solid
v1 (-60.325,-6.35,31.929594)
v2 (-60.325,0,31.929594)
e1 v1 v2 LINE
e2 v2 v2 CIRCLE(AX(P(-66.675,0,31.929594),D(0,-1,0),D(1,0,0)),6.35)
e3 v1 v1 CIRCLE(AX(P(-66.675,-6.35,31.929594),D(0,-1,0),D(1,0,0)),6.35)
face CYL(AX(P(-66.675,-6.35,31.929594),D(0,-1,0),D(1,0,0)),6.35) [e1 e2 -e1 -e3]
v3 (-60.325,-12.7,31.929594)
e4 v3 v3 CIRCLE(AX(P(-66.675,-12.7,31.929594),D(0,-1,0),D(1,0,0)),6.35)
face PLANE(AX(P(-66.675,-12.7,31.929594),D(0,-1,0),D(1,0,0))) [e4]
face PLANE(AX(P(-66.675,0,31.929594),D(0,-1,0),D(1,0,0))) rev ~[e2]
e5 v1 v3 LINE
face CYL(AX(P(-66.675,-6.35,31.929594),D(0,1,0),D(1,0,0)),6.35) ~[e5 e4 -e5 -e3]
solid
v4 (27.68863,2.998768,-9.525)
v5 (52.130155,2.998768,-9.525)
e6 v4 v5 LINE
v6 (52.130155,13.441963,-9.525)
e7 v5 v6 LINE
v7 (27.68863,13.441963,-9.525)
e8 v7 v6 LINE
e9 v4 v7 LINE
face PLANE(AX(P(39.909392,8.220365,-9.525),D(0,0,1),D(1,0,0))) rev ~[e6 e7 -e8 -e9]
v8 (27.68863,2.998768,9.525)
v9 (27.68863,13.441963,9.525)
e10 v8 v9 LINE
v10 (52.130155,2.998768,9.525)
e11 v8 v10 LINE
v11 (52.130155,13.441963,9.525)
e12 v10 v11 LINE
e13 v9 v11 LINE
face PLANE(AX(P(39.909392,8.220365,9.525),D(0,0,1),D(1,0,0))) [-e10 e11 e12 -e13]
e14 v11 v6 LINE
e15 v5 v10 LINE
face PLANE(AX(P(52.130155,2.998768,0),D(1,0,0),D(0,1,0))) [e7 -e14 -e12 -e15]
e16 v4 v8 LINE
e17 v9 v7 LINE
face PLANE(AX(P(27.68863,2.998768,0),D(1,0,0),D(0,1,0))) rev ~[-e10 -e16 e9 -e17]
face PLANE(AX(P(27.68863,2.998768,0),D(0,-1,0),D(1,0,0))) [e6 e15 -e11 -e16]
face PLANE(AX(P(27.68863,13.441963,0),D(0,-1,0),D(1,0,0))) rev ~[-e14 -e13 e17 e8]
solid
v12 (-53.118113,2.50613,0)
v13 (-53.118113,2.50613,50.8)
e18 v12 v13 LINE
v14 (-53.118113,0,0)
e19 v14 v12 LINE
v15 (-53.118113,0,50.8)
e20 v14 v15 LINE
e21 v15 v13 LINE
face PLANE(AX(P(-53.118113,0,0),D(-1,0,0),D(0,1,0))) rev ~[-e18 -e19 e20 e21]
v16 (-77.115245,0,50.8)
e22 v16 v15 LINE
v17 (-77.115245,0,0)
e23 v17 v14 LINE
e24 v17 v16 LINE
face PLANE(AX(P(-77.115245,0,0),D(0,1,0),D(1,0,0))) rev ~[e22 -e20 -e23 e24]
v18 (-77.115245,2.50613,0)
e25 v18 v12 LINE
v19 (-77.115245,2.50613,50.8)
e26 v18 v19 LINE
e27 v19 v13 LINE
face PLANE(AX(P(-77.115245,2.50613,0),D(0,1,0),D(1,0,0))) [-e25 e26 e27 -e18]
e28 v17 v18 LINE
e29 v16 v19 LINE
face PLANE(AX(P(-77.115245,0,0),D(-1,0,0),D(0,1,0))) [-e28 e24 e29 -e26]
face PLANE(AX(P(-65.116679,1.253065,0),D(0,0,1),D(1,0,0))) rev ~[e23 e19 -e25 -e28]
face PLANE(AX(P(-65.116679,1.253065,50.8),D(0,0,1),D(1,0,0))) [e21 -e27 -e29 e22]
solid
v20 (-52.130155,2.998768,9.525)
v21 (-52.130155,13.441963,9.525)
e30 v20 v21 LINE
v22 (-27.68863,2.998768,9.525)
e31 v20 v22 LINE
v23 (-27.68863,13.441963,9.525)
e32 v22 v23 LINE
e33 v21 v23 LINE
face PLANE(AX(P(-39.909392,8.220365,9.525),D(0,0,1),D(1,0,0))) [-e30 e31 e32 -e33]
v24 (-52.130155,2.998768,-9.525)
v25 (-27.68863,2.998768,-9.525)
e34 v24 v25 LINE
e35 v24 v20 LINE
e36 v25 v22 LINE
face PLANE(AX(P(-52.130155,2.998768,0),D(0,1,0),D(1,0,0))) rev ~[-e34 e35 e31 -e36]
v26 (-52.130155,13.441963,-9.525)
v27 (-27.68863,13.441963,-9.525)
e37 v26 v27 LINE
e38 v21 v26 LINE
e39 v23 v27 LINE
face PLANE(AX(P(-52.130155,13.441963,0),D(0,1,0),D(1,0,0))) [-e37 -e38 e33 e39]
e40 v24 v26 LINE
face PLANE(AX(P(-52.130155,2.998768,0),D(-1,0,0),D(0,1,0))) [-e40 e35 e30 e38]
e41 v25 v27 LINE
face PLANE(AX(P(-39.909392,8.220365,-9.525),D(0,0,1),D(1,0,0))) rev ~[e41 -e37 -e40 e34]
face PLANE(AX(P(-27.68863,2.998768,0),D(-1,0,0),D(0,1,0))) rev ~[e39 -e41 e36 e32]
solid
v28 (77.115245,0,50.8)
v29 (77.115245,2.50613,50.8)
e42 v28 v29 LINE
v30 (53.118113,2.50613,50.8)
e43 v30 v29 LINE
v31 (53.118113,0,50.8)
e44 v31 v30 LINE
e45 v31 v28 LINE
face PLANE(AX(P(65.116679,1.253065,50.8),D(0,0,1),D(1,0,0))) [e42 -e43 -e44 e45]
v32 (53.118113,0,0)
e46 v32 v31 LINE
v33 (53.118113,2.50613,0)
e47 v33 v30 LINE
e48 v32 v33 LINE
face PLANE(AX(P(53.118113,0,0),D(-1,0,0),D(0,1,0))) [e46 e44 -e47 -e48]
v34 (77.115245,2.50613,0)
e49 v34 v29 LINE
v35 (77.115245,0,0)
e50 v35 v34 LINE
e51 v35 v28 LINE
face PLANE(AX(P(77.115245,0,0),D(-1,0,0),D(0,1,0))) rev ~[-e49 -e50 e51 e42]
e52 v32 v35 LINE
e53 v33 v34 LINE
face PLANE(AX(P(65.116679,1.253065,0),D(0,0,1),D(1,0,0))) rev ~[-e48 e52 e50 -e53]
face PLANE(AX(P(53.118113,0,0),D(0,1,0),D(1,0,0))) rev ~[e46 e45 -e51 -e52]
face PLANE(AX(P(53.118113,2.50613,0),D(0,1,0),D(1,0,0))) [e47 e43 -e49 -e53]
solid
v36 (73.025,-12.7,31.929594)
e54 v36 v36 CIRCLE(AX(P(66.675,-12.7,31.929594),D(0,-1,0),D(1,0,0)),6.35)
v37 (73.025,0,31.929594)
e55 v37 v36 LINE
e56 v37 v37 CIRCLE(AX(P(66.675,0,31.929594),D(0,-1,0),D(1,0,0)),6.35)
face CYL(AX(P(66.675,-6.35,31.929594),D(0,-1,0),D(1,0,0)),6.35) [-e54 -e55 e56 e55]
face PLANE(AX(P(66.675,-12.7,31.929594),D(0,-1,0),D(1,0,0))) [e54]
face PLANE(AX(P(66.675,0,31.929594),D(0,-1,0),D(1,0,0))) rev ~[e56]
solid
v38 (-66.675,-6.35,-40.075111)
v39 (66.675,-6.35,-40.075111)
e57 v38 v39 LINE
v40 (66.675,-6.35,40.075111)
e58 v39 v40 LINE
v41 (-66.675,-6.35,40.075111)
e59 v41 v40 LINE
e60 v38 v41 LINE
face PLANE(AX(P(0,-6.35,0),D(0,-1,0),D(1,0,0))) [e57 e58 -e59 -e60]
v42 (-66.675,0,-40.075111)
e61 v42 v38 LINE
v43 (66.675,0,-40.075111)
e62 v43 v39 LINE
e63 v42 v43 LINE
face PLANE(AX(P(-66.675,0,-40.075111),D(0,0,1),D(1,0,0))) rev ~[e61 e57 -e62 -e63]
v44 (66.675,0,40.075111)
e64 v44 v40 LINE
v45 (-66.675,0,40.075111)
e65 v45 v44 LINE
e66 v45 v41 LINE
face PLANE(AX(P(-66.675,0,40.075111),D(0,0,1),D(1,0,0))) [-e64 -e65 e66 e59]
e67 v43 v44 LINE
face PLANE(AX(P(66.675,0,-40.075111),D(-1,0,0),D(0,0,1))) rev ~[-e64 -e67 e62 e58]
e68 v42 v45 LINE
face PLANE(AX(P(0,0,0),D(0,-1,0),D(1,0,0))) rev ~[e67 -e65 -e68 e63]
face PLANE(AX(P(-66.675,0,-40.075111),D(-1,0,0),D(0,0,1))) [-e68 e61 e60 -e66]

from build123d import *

# Parameters (mm, degrees)
F0_W     = 133.35
F0_H     = 80.150222
F1_DEPTH = 6.35
F2_W     = 23.997132
F2_H     = 2.50613
F3_DEPTH = 50.8
F4_W     = 24.441525
F4_H     = 10.443195
F5_DEPTH = 9.525
F6_R     = 6.35
F7_DEPTH = 6.35


with BuildPart() as f1:
    # F0 (on Front) → F1 (new body)
    with BuildSketch(Plane.XZ):
        Rectangle(F0_W, F0_H)
    extrude(amount=F1_DEPTH)


with BuildPart() as f3:
    # F2 (on Top) → F3 (new body)
    with BuildSketch(Plane.XY):
        with Locations((-65.116679, 1.253065)):
            Rectangle(F2_W, F2_H)
        with Locations((65.116679, 1.253065)):
            Rectangle(F2_W, F2_H)
    extrude(amount=F3_DEPTH)


with BuildPart() as f5:
    # F4 (on Top) → F5 (new body, symmetric)
    with BuildSketch(Plane.XY):
        with Locations((-39.909392, 8.220365)):
            Rectangle(F4_W, F4_H)
        with Locations((39.909392, 8.220365)):
            Rectangle(F4_W, F4_H)
    extrude(amount=F5_DEPTH, both=True)


with BuildPart() as f7:
    # F6 (on face) → F7 (new body, symmetric)
    with BuildSketch(Plane.XZ.offset(6.35)):
        with Locations((-66.675, 31.929594)):
            Circle(F6_R)
        with Locations((66.675, 31.929594)):
            Circle(F6_R)
    extrude(amount=F7_DEPTH, both=True)


solid = Compound([f1.part, f3.part, f5.part, f7.part])
